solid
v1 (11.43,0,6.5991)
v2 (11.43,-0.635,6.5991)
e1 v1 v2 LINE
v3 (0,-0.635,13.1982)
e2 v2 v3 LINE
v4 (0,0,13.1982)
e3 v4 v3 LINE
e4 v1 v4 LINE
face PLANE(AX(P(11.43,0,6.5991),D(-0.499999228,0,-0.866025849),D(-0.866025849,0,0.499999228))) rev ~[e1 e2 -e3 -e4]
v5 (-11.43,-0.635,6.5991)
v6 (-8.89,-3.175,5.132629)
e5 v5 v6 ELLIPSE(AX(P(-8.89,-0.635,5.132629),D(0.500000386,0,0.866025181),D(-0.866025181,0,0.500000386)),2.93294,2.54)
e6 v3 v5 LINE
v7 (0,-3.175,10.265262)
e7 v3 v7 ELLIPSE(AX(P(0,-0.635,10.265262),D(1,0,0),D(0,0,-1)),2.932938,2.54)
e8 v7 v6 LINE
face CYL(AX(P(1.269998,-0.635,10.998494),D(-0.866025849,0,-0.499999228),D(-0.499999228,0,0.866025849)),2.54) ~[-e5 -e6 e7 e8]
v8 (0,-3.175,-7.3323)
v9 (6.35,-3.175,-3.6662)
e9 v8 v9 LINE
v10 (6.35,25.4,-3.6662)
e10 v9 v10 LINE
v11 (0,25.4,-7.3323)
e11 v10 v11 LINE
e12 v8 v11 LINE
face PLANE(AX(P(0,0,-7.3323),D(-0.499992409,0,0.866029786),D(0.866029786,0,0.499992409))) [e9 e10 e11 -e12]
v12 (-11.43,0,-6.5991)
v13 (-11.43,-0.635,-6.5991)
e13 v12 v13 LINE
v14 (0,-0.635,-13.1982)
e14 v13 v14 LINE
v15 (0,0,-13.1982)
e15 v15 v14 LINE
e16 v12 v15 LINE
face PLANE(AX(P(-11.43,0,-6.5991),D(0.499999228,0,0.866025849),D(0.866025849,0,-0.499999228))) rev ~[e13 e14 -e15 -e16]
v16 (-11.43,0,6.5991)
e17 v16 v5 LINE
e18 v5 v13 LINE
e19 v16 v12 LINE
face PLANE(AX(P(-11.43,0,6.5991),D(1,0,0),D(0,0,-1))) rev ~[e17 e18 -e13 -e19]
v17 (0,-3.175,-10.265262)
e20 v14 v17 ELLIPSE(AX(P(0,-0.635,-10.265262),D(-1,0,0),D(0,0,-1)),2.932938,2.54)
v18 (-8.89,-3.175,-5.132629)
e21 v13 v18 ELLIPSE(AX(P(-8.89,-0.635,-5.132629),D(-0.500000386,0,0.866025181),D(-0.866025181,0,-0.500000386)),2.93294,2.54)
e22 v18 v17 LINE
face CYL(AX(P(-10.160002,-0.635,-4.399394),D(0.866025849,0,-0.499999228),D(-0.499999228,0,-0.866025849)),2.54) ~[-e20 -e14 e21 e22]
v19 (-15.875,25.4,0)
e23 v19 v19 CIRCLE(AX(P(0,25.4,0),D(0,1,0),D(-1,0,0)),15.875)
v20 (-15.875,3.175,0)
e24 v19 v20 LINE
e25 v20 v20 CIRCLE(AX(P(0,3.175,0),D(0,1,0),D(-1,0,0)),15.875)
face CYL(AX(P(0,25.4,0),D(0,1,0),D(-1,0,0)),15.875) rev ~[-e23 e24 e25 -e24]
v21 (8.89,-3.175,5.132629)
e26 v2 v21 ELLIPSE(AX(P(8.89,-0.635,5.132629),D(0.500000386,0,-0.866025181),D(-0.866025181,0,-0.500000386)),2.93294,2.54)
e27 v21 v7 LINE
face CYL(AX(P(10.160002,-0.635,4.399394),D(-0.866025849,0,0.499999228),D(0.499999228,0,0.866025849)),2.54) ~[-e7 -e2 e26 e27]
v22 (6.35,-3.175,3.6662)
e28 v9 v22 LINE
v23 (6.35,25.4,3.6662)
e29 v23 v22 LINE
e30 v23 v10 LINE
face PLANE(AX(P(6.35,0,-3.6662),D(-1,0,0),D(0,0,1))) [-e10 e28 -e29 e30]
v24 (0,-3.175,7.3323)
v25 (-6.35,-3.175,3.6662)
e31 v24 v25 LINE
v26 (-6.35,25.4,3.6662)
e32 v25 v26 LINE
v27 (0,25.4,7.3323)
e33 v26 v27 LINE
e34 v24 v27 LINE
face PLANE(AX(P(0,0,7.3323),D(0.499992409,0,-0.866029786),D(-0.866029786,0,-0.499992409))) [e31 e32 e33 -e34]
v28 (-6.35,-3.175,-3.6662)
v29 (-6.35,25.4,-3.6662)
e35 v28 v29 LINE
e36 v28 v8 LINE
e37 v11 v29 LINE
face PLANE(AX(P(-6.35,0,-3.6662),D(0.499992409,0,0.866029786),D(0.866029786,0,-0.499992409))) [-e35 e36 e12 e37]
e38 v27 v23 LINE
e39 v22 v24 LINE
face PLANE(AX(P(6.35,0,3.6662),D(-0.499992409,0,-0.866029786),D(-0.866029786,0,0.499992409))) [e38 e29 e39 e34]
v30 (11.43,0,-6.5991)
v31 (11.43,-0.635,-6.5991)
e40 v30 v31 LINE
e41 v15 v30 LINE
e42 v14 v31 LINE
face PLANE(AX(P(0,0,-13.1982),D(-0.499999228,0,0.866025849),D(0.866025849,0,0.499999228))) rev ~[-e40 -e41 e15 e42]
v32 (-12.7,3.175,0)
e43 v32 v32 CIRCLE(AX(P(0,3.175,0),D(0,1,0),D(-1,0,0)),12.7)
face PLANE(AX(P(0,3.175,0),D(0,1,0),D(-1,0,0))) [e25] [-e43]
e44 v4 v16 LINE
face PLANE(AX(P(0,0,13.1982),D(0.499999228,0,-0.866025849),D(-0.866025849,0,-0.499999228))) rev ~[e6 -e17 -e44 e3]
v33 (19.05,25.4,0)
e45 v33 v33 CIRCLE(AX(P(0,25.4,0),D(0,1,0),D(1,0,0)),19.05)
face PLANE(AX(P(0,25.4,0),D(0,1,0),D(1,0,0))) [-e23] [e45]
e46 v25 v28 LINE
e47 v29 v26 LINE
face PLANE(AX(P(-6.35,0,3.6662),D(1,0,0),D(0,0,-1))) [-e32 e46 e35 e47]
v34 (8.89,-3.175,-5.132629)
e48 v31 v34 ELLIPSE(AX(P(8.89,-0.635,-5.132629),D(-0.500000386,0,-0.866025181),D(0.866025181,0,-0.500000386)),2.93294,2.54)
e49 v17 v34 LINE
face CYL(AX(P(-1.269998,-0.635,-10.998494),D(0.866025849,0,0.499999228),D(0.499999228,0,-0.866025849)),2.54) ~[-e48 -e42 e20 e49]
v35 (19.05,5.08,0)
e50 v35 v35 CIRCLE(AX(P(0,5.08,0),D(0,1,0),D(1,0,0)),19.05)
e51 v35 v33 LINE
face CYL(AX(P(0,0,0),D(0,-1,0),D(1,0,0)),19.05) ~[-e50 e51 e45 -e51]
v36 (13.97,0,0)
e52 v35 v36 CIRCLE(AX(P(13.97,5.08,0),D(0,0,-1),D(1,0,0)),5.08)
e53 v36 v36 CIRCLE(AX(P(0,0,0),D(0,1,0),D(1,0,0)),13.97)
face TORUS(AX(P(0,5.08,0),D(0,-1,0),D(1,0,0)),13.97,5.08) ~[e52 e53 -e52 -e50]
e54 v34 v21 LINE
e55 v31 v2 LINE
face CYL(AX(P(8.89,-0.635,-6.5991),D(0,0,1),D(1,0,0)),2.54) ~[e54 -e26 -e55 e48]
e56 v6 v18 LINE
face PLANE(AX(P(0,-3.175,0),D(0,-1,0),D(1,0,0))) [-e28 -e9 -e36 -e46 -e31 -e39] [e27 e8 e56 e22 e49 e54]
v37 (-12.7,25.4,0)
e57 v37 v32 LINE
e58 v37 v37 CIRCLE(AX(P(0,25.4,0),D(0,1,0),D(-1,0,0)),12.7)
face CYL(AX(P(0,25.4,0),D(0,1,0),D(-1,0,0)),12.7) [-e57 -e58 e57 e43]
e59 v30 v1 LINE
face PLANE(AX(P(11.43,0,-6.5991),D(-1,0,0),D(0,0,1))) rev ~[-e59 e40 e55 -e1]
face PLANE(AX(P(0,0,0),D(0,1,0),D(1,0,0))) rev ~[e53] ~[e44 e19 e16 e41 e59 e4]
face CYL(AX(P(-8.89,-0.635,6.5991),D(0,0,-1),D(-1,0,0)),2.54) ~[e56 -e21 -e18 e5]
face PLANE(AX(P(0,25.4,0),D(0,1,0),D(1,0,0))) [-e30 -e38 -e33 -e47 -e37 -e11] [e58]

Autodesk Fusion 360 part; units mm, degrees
sketch "Sketch1" plane through (0, 0, 0) normal (0, 1, 0) x (1, 0, 0)
  circle A0 centre (0, 0) radius 19.05
  dimension "d1" = 38.1
extrude "Extrude1" add sketch "Sketch1" along normal blind 25.4 makes body 1
sketch "Sketch2" plane through (0, 25.4, 0) normal (0, 1, 0) x (-1, 0, 0)
  circle A0 centre (0, 0) radius 19.05
  circle A1 centre (0, 0) radius 12.7
  circle A2 centre (0, 0) radius 15.875
  dimension "d4" = 25.4
  dimension "d5" = 31.75
extrude "Extrude2" cut sketch "Sketch2" against normal blind 22.225 contours A2 bodies 1
sketch "Sketch3" plane through (0, 0, 0) normal (0, -1, 0) x (1, 0, 0)
  circle A0 centre (0, 0) radius 19.05
  line L0 (6.35, 3.6662) -> (0, 7.3323)
  line L1 (0, 7.3323) -> (-6.35, 3.6662)
  line L2 (-6.35, 3.6662) -> (-6.35, -3.6662)
  line L3 (-6.35, -3.6662) -> (0, -7.3323)
  line L4 (0, -7.3323) -> (6.35, -3.6662)
  line L5 (6.35, -3.6662) -> (6.35, 3.6662)
  line L6 (-11.43, 6.5991) -> (-11.43, -6.5991)
  line L7 (-11.43, -6.5991) -> (0, -13.1982)
  line L8 (0, -13.1982) -> (11.43, -6.5991)
  line L9 (11.43, -6.5991) -> (11.43, 6.5991)
  line L10 (11.43, 6.5991) -> (0, 13.1982)
  line L11 (0, 13.1982) -> (-11.43, 6.5991)
  dimension "d9" = 6.35
  dimension "d17" = 5.08
copy_body "Body->Comp1" bodies 1 removing the originals makes body 2 in component "Component"
extrude "Extrude1'" add sketch "Sketch3" along normal blind 3.175 contours L6 L7 L8 L9 L10 L11 bodies 2 in component "Component"
fillet "Fillet1" radius 5.08 1 edges at (-17.7608, 0, 6.8888) on bodies 2 in component "Component"
fillet "Fillet2" radius 2.54 6 edges at (-5.715, -3.175, 9.8987) (-11.43, -3.175, 0) (-5.715, -3.175, -9.8987) (5.715, -3.175, -9.8987) (5.715, -3.175, 9.8987) (11.43, -3.175, 0) on bodies 2 in component "Component"
sketch "Sketch4" plane through (0, 0, 0) normal (0, 1, 0) x (1, 0, 0)
  line L0 (6.35, 3.6662) -> (0, 7.3323)
  line L1 (0, 7.3323) -> (-6.35, 3.6662)
  line L2 (-6.35, 3.6662) -> (-6.35, -3.6662)
  line L3 (-6.35, -3.6662) -> (0, -7.3323)
  line L4 (0, -7.3323) -> (6.35, -3.6662)
  line L5 (6.35, -3.6662) -> (6.35, 3.6662)
  dimension "d27" = 6.35
extrude "Extrude2'" cut sketch "Sketch4" along normal blind 25.4 bodies 2 in component "Component"
component "Component" placed x (1, 0, 0) y (0, 1, 0) z (0, 0, 1) at (0, 0, 0)
